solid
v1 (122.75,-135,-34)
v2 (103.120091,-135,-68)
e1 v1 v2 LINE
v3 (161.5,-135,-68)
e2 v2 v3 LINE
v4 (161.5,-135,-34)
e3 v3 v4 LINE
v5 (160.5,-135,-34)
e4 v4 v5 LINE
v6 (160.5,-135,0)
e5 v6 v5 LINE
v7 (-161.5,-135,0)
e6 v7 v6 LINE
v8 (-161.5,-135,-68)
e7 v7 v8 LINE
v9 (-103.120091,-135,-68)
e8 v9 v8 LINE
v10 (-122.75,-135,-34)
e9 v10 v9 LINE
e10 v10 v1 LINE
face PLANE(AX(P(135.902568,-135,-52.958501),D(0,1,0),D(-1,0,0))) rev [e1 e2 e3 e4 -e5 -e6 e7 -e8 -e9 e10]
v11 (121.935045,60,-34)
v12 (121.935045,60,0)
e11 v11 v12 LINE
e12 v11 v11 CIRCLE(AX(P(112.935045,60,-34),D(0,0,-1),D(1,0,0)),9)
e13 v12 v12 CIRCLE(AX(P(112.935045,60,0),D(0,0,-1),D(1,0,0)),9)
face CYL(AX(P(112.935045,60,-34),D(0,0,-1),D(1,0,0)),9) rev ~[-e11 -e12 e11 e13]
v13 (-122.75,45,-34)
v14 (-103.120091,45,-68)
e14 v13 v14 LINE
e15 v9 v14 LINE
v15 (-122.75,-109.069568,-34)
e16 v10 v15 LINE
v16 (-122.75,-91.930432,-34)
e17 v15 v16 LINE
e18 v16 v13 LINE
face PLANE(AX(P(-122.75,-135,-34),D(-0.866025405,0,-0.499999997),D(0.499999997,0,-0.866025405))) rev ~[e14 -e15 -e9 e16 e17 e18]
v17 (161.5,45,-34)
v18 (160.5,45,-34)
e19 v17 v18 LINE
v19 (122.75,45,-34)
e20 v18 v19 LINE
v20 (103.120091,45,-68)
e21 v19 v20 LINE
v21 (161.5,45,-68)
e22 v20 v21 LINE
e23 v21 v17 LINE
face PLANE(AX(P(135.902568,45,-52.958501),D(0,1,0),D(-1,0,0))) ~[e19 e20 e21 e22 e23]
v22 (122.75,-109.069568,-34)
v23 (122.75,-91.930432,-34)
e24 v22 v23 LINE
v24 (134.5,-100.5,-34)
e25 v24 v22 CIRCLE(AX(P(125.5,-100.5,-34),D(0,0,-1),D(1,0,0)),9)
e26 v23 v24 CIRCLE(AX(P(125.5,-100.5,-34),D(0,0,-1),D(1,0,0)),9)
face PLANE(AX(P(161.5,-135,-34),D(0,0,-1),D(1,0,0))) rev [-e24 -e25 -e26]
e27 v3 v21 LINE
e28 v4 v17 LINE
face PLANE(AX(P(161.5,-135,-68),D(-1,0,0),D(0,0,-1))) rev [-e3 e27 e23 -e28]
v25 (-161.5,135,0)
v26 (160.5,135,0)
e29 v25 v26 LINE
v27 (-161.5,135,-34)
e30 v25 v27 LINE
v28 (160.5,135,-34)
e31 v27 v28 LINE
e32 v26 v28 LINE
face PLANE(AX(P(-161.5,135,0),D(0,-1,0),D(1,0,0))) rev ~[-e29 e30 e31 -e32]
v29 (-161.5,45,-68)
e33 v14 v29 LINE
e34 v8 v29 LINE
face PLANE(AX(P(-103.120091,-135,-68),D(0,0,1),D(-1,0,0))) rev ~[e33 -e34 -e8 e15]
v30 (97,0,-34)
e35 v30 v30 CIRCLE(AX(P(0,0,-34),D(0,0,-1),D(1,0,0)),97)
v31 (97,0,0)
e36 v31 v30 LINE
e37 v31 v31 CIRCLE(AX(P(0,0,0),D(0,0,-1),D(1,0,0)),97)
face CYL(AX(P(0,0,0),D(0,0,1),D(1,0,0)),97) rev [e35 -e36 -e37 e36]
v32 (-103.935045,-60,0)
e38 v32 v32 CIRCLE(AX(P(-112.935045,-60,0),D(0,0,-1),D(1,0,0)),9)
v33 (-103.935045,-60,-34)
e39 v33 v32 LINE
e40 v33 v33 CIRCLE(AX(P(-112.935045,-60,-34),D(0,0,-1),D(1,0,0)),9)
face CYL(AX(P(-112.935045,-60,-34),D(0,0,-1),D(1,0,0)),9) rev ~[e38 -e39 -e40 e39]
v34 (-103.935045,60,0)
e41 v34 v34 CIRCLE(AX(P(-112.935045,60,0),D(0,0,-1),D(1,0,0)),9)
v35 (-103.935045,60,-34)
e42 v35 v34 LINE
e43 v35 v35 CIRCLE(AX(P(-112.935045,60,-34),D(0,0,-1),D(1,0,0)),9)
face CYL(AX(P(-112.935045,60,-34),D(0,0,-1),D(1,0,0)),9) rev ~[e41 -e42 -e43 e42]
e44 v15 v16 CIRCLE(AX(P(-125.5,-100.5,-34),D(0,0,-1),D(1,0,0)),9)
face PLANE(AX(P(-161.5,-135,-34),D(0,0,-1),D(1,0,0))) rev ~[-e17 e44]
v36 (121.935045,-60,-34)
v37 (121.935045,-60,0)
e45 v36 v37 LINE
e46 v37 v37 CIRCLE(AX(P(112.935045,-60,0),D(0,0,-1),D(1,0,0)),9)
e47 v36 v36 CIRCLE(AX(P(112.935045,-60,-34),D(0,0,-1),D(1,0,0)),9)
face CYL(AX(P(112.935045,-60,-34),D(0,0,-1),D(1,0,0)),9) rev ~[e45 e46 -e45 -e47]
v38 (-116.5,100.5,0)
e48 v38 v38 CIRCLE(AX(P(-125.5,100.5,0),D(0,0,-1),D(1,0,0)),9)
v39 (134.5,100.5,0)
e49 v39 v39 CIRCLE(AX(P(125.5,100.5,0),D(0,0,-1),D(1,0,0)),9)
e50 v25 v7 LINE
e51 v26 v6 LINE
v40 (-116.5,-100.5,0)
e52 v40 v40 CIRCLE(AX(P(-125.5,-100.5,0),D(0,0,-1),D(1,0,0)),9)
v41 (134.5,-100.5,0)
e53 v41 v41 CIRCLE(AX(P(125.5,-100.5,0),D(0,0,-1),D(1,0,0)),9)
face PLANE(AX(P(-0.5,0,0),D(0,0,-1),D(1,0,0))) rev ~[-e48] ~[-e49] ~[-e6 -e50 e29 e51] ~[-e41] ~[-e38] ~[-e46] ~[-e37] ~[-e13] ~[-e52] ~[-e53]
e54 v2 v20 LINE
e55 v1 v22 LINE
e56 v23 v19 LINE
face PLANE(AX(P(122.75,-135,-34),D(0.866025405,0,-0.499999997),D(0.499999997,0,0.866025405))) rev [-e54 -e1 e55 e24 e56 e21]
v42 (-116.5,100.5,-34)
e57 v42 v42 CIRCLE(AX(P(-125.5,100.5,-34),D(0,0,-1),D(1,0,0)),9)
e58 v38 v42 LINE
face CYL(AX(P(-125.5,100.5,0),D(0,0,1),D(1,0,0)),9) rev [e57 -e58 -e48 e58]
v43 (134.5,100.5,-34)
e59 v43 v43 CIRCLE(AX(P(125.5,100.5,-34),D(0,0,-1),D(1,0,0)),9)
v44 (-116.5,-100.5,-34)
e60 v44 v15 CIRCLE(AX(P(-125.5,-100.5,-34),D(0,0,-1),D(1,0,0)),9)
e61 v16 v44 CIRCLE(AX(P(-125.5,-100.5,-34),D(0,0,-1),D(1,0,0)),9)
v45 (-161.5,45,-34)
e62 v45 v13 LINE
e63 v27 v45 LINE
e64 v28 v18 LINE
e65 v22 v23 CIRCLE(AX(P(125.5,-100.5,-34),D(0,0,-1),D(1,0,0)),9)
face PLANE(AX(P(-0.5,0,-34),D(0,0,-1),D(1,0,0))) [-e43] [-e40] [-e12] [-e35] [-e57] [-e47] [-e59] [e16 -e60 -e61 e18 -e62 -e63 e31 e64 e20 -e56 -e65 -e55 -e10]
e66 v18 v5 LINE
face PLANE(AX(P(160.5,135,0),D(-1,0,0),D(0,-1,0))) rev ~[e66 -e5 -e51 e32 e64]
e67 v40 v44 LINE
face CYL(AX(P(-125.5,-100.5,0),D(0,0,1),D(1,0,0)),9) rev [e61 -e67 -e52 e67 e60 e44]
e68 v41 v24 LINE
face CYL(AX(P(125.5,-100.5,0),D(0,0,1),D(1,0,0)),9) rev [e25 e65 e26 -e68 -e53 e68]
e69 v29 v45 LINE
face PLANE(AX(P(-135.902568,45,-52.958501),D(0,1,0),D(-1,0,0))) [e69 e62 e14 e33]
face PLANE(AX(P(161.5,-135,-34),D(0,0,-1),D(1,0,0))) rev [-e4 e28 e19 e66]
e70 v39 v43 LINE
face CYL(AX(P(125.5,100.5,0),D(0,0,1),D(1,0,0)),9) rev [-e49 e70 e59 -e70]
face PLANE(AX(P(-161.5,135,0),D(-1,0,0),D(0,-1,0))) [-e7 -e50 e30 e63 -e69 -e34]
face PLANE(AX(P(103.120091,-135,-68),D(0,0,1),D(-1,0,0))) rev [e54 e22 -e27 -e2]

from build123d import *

# Parameters (mm, degrees)
SKETCH003_W   = 322
SKETCH003_H   = 270
SKETCH003_R   = 97
SKETCH003_R_2 = 9
PAD003_DEPTH  = 34
PAD004_DEPTH  = 180
SKETCH005_R   = 9
HOLE_DEPTH    = 34


with BuildPart() as part:
    # Sketch003 (on Face1 of ShapeBinder) → Pad003 (new body)
    with BuildSketch(Plane(origin=(0, 0, 0), x_dir=(1, 0, 0), z_dir=(0, 0, -1))):
        with Locations((-0.5, 0)):
            Rectangle(SKETCH003_W, SKETCH003_H)
        Circle(SKETCH003_R, mode=Mode.SUBTRACT)
        with Locations((-125.5, 100.5)):
            Circle(SKETCH003_R_2, mode=Mode.SUBTRACT)
        with Locations((125.5, 100.5)):
            Circle(SKETCH003_R_2, mode=Mode.SUBTRACT)
        with Locations((-125.5, -100.5)):
            Circle(SKETCH003_R_2, mode=Mode.SUBTRACT)
        with Locations((125.5, -100.5)):
            Circle(SKETCH003_R_2, mode=Mode.SUBTRACT)
    extrude(amount=PAD003_DEPTH)

    # Sketch004 (on Face1 of Pad003) → Pad004 (join)
    with BuildSketch(Plane.XZ.offset(135)):
        Polygon((-161.5, -34), (-122.75, -34), (-103.120091, -68), (-161.5, -68), align=None)
    pad004 = extrude(amount=-PAD004_DEPTH)

    # Mirrored: Pad004 across Sketch004 V_Axis
    add(pad004.mirror(Plane(origin=(0, -135, 0), x_dir=(0, -1, 0), z_dir=(1, 0, 0))))

    # Sketch005 (on Face6 of Mirrored) → Hole (cut)
    with BuildSketch(Plane(origin=(0, 0, -34), x_dir=(1, 0, 0), z_dir=(0, 0, -1))):
        with Locations((-112.935045, 60)):
            Circle(SKETCH005_R)
        with Locations((-112.935045, -60)):
            Circle(SKETCH005_R)
        with Locations((112.935045, 60)):
            Circle(SKETCH005_R)
        with Locations((112.935045, -60)):
            Circle(SKETCH005_R)
    extrude(amount=-HOLE_DEPTH, mode=Mode.SUBTRACT)


solid = part.part
